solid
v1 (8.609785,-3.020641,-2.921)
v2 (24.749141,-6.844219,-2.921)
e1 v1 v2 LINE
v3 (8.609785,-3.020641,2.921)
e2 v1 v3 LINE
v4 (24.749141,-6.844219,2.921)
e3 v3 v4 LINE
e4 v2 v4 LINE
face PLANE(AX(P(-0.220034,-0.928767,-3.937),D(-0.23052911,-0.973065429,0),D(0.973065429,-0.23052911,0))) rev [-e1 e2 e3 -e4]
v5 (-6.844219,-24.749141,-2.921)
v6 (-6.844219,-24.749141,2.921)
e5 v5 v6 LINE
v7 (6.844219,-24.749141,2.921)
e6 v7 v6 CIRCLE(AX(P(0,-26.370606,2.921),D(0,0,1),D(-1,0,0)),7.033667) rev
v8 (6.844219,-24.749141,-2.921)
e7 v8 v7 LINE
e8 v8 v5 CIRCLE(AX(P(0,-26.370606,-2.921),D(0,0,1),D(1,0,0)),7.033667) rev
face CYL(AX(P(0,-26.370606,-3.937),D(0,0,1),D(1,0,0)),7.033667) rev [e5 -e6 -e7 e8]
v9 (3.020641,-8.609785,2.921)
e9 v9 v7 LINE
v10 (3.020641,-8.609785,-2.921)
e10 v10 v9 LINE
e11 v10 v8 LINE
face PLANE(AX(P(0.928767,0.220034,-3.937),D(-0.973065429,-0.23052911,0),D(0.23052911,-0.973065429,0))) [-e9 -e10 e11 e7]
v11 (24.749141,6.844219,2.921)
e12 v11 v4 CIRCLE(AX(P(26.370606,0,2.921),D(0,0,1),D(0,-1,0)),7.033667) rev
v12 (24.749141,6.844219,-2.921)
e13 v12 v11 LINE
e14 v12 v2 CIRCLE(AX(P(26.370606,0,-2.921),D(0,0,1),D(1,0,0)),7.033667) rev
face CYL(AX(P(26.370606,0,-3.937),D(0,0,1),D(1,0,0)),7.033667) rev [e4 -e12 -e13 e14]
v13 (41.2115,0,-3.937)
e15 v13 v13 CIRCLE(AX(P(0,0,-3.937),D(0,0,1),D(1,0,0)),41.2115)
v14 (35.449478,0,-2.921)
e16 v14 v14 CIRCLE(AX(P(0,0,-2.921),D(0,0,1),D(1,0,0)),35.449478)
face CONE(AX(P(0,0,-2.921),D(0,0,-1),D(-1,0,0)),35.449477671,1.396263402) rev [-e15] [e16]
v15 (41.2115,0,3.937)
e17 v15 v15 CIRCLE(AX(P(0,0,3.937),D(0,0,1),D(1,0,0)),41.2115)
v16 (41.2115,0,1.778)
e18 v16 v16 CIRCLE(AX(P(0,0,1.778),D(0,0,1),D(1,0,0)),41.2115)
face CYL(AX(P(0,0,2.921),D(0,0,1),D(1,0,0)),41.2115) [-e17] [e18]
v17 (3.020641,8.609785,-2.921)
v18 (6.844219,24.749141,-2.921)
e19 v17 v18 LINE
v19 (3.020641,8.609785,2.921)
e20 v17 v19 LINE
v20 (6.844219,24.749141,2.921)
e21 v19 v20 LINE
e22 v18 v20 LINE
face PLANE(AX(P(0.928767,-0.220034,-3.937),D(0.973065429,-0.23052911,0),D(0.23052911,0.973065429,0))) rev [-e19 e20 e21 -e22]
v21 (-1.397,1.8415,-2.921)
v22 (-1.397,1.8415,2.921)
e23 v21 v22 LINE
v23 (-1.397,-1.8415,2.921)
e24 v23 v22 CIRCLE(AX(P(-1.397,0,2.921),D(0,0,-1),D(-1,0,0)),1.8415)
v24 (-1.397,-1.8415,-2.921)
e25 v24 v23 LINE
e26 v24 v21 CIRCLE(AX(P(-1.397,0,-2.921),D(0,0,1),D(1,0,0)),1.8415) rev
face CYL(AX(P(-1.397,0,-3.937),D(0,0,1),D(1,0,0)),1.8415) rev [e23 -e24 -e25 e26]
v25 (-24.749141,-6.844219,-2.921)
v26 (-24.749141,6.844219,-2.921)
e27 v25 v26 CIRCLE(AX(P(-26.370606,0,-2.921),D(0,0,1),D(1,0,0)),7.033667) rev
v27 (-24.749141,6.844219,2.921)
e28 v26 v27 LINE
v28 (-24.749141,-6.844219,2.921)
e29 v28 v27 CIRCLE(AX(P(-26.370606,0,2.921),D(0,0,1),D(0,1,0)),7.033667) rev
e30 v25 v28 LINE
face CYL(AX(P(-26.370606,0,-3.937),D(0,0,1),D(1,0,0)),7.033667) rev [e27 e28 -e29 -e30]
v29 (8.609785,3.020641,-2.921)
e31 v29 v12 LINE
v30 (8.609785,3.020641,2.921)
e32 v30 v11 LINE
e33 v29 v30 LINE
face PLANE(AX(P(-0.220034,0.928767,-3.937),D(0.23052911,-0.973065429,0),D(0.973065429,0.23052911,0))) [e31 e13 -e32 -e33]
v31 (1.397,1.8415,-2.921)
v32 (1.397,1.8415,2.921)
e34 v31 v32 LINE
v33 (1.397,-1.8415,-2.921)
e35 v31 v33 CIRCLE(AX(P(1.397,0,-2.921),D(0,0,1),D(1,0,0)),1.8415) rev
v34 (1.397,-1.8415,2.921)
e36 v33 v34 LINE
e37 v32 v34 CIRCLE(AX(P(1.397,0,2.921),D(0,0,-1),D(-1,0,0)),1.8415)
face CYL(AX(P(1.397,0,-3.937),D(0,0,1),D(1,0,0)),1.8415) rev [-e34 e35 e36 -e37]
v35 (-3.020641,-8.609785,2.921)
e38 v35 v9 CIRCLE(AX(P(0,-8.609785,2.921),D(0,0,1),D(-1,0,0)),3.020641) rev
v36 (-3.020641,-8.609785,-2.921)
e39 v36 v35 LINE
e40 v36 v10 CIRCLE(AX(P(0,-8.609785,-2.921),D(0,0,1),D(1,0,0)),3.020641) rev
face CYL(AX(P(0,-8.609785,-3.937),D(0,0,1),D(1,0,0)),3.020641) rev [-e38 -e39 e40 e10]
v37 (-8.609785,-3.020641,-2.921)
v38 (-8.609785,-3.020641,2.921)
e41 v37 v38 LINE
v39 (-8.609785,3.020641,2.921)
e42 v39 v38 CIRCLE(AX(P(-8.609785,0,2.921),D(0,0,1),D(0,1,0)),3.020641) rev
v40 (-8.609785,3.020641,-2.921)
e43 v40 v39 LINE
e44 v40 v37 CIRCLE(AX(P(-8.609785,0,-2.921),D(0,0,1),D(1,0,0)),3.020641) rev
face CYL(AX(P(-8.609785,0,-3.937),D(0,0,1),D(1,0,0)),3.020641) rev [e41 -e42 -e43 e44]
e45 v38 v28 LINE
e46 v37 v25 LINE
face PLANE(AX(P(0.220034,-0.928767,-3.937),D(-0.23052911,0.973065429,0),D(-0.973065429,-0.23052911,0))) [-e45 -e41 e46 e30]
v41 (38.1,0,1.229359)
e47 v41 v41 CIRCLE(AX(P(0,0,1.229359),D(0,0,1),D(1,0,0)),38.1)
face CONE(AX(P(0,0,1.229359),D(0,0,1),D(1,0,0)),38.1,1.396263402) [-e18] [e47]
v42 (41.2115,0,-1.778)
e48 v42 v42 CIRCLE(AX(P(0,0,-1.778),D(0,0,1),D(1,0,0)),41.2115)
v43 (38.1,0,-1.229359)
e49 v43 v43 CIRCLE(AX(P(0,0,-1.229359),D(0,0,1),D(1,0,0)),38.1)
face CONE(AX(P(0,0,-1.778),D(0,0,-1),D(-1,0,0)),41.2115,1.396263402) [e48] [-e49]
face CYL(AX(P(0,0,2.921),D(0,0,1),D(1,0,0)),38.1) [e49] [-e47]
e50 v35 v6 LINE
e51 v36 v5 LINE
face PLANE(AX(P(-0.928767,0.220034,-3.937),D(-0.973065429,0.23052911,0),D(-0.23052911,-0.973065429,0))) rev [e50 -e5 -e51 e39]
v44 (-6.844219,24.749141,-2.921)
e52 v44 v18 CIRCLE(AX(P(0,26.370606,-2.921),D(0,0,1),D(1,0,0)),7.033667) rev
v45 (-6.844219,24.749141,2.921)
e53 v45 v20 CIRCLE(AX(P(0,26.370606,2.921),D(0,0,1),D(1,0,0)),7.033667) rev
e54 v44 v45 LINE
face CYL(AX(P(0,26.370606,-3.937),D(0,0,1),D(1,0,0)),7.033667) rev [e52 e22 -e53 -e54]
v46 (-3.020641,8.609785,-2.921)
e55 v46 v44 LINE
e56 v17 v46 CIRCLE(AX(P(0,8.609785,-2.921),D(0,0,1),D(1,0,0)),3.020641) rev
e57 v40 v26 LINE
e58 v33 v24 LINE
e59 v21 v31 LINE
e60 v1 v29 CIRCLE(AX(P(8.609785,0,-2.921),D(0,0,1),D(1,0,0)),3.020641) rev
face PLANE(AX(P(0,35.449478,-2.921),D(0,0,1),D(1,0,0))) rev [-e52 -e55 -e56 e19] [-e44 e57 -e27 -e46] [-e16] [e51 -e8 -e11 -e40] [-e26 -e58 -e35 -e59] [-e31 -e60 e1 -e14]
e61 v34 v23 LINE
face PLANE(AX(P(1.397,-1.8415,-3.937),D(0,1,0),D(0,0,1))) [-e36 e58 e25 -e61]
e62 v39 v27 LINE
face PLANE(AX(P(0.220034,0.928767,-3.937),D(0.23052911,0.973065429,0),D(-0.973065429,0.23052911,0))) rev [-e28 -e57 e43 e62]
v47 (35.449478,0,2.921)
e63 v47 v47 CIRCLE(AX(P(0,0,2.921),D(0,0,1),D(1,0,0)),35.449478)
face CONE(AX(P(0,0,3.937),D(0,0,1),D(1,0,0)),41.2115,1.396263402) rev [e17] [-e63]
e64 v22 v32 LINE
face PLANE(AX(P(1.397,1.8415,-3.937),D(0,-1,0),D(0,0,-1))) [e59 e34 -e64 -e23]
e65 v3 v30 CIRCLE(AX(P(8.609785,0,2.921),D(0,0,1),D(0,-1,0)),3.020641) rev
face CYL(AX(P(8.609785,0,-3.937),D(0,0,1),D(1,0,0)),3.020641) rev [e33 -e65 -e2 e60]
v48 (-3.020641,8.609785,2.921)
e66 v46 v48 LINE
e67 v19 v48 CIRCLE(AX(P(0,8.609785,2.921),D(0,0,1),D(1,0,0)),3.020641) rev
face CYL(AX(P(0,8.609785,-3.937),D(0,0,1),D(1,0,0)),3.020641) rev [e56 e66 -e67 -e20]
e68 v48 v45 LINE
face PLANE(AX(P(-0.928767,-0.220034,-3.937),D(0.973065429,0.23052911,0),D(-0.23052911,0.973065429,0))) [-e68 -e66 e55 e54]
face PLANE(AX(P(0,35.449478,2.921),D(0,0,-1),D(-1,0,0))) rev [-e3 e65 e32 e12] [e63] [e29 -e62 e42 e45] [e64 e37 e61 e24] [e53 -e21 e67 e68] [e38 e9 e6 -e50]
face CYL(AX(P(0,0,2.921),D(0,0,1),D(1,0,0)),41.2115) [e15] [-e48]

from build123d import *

# Parameters (mm, degrees)
CUT_EXTRUDE3_DEPTH = 59.683963981
CUT_EXTRUDE4_DEPTH = 59.683963981
CIRPATTERN1_COUNT  = 4


with BuildPart() as part:
    # Sketch1 → Revolve1 (revolve)
    with BuildSketch(Plane(origin=(0, 0, 0), x_dir=(0, 0, -1), z_dir=(1, 0, 0)), mode=Mode.PRIVATE) as revolve1_sk:
        Polygon((-2.921, 35.449477671), (-3.937, 41.2115), (-1.778, 41.2115), (-1.2293586, 38.1), (1.2293586, 38.1), (1.778, 41.2115), (3.937, 41.2115), (2.921, 35.449477671), (2.921, 0), (-2.921, 0), align=None)
    revolve(revolve1_sk.sketch.rotate(Axis((0, 0, 2.921), (0, 0, -1)), 90), axis=Axis((0, 0, 2.921), (0, 0, -1)))

    # Sketch4 → Cut-Extrude3 (cut, through all)
    with BuildSketch(Plane(origin=(0, 0, 2.921), x_dir=(-1, 0, 0), z_dir=(0, 0, -1))):
        with BuildLine():
            Line((-3.020640994, 8.609785057), (-6.844218669, 24.749140517))
            ThreePointArc((-6.844218669, 24.749140517), (0, 33.404273107), (6.844218669, 24.749140517))
            Line((6.844218669, 24.749140517), (3.020640994, 8.609785057))
            ThreePointArc((3.020640994, 8.609785057), (0, 5.589144063), (-3.020640994, 8.609785057))
        make_face()
    cut_extrude3 = extrude(amount=CUT_EXTRUDE3_DEPTH, mode=Mode.SUBTRACT)

    # Sketch2 → Cut-Extrude4 (cut, through all)
    with BuildSketch(Plane(origin=(0, 0, 2.921), x_dir=(-1, 0, 0), z_dir=(0, 0, -1))):
        with BuildLine():
            Line((-1.397, 1.8415), (1.397, 1.8415))
            ThreePointArc((1.397, 1.8415), (3.2385, 0), (1.397, -1.8415))
            Line((1.397, -1.8415), (-1.397, -1.8415))
            ThreePointArc((-1.397, -1.8415), (-3.2385, 0), (-1.397, 1.8415))
        make_face()
    extrude(amount=CUT_EXTRUDE4_DEPTH, mode=Mode.SUBTRACT)

    # CirPattern1: Cut-Extrude3 ×4 about axis
    cirpattern1_axis = Axis((0, 0, 0), (0, 0, 1))
    for i in range(1, CIRPATTERN1_COUNT):
        add(cut_extrude3.rotate(cirpattern1_axis, i * 360 / CIRPATTERN1_COUNT), mode=Mode.SUBTRACT)


solid = part.part
